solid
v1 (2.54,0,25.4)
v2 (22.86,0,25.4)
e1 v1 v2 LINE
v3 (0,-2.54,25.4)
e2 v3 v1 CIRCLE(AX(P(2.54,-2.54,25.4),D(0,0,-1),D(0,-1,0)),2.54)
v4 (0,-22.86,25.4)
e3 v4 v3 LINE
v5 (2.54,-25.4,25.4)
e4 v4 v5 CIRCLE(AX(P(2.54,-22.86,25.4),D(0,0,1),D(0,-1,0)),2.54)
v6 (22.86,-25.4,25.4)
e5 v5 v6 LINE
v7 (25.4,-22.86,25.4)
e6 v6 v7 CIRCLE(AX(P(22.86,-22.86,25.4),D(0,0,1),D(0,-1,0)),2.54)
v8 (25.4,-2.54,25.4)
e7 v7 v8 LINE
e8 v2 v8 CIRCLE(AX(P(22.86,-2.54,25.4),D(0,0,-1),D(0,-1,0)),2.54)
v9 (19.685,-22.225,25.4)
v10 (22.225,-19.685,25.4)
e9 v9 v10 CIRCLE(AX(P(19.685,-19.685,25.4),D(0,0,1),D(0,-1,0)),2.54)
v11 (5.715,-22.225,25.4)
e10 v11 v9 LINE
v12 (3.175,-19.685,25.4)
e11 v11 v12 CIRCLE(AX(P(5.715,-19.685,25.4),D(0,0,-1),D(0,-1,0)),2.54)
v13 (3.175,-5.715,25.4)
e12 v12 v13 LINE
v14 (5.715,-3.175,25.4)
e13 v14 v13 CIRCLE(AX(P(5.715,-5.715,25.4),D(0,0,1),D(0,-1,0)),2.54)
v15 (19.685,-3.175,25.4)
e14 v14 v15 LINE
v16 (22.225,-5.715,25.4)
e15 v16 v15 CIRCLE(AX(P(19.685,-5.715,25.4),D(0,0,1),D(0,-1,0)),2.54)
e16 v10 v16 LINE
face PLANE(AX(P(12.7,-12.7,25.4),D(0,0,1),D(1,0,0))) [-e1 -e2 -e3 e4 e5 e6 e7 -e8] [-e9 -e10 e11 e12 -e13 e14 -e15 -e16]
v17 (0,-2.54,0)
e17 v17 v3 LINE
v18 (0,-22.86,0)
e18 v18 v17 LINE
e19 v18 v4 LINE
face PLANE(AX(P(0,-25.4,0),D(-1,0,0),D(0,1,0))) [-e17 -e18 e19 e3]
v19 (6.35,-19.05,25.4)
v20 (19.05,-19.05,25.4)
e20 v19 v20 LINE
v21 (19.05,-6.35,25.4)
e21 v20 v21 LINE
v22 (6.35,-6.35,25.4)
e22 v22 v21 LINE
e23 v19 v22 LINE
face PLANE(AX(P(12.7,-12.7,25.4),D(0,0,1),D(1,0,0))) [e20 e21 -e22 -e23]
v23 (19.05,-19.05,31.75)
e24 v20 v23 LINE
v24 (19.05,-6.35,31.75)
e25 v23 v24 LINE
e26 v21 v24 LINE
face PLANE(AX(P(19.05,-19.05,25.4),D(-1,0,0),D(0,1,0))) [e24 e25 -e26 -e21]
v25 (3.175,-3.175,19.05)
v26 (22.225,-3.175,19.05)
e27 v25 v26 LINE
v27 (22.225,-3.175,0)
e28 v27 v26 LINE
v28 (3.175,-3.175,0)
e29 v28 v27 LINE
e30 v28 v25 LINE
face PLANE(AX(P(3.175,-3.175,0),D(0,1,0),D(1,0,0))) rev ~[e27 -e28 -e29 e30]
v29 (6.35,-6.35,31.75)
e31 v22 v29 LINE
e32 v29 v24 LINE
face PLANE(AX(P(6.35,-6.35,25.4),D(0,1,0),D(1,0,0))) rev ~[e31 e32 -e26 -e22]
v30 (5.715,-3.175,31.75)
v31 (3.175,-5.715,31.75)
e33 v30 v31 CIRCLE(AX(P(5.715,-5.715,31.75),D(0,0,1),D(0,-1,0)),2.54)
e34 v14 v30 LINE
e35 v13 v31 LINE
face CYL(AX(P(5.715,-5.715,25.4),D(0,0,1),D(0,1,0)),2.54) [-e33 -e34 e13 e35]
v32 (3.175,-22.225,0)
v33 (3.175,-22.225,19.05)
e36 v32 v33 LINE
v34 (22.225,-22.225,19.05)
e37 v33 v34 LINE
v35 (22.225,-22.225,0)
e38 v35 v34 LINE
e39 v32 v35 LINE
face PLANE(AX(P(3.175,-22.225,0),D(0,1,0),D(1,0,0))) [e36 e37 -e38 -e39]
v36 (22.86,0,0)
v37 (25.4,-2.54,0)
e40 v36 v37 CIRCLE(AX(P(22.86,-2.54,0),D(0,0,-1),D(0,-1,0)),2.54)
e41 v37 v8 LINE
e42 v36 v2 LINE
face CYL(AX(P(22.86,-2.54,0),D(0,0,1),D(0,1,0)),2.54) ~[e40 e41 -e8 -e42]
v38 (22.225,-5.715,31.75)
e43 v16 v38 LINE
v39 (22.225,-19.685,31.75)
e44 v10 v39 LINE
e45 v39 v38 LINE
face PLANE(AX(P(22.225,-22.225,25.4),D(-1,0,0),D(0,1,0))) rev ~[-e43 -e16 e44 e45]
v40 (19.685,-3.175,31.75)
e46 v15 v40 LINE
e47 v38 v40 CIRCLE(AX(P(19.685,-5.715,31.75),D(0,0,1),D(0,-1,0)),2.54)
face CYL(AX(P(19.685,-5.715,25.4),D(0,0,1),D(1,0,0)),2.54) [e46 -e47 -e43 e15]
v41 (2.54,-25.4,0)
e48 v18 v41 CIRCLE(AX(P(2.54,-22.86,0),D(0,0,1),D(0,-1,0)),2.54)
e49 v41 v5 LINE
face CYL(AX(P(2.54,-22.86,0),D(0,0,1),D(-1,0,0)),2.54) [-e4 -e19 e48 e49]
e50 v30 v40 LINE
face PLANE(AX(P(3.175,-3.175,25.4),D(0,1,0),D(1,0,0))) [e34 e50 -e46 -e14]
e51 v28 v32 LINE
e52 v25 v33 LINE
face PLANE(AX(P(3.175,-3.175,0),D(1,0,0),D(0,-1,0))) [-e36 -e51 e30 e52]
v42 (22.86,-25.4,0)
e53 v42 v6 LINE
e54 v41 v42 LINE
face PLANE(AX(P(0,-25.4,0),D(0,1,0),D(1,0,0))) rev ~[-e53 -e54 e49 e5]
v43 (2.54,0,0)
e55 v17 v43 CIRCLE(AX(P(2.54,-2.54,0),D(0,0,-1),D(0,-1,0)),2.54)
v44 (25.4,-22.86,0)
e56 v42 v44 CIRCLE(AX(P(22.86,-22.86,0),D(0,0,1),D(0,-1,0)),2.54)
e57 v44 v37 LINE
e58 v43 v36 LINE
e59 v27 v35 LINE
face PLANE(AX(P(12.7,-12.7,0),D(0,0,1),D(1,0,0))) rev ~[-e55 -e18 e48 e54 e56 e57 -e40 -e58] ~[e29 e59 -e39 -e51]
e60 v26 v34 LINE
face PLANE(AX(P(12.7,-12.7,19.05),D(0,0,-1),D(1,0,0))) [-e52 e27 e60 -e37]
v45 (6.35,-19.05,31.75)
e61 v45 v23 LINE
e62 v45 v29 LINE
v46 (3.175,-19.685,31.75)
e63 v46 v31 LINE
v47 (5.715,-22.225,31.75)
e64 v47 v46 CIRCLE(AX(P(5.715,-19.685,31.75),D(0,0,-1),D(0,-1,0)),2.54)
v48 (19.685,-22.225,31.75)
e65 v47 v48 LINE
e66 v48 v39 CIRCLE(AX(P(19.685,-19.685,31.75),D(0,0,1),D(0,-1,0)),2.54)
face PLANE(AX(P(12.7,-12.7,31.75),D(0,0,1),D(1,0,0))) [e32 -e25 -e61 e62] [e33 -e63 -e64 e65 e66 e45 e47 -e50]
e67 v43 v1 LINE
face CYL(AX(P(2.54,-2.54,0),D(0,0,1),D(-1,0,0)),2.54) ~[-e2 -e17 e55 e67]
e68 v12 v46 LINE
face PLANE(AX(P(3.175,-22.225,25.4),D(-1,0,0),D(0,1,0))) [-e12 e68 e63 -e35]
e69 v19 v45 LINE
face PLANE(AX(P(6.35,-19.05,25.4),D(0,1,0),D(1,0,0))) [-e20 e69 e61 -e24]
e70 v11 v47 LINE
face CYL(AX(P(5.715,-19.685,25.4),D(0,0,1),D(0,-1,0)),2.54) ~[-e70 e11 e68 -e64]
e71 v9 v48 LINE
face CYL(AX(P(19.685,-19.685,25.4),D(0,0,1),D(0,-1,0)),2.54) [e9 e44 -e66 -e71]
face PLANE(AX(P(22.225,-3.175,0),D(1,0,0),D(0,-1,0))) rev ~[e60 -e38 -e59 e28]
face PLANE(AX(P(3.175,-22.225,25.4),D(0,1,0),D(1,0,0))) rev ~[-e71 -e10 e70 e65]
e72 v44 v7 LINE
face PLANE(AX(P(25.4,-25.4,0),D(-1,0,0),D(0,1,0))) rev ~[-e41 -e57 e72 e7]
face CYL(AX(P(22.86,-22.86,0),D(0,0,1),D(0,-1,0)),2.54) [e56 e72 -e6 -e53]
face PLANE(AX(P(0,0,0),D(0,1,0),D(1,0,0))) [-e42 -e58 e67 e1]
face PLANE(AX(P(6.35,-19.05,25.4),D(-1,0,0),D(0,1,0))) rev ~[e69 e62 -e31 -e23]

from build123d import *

# Parameters (mm, degrees)
F0_W     = 25.4
F0_H     = 25.4
F1_DEPTH = 25.4
F2_W     = 19.05
F2_H     = 19.05
F3_DEPTH = 19.05
F4_W     = 19.05
F4_H     = 19.05
F4_W_2   = 12.7
F4_H_2   = 12.7
F5_DEPTH = 6.35
F6_R     = 2.54


with BuildPart() as f1:
    # F0 (on Top) → F1 (new body)
    with BuildSketch(Plane.XY):
        with Locations((12.7, -12.7)):
            Rectangle(F0_W, F0_H)
    extrude(amount=F1_DEPTH)

    # F2 (on face) → F3 (cut)
    with BuildSketch(Plane(origin=(0, 0, 0), x_dir=(1, 0, 0), z_dir=(0, 0, -1))):
        with Locations((12.7, 12.7)):
            Rectangle(F2_W, F2_H)
    extrude(amount=-F3_DEPTH, mode=Mode.SUBTRACT)

    # F4 (on face) → F5 (join)
    with BuildSketch(Plane.XY.offset(25.4)):
        with Locations((12.7, -12.7)):
            Rectangle(F4_W, F4_H)
        with Locations((12.7, -12.7)):
            Rectangle(F4_W_2, F4_H_2, mode=Mode.SUBTRACT)
    extrude(amount=F5_DEPTH)

    # F6
    f6_edges = [f1.edges().sort_by_distance(p)[0] for p in [
        (0, 0, 12.7),
        (0, -25.4, 12.7),
        (25.4, 0, 12.7),
        (3.175, -3.175, 28.575),
        (3.175, -22.225, 28.575),
        (22.225, -3.175, 28.575),
        (22.225, -22.225, 28.575),
        (25.4, -25.4, 12.7),
    ]]
    fillet(f6_edges, radius=F6_R)


solid = f1.part
